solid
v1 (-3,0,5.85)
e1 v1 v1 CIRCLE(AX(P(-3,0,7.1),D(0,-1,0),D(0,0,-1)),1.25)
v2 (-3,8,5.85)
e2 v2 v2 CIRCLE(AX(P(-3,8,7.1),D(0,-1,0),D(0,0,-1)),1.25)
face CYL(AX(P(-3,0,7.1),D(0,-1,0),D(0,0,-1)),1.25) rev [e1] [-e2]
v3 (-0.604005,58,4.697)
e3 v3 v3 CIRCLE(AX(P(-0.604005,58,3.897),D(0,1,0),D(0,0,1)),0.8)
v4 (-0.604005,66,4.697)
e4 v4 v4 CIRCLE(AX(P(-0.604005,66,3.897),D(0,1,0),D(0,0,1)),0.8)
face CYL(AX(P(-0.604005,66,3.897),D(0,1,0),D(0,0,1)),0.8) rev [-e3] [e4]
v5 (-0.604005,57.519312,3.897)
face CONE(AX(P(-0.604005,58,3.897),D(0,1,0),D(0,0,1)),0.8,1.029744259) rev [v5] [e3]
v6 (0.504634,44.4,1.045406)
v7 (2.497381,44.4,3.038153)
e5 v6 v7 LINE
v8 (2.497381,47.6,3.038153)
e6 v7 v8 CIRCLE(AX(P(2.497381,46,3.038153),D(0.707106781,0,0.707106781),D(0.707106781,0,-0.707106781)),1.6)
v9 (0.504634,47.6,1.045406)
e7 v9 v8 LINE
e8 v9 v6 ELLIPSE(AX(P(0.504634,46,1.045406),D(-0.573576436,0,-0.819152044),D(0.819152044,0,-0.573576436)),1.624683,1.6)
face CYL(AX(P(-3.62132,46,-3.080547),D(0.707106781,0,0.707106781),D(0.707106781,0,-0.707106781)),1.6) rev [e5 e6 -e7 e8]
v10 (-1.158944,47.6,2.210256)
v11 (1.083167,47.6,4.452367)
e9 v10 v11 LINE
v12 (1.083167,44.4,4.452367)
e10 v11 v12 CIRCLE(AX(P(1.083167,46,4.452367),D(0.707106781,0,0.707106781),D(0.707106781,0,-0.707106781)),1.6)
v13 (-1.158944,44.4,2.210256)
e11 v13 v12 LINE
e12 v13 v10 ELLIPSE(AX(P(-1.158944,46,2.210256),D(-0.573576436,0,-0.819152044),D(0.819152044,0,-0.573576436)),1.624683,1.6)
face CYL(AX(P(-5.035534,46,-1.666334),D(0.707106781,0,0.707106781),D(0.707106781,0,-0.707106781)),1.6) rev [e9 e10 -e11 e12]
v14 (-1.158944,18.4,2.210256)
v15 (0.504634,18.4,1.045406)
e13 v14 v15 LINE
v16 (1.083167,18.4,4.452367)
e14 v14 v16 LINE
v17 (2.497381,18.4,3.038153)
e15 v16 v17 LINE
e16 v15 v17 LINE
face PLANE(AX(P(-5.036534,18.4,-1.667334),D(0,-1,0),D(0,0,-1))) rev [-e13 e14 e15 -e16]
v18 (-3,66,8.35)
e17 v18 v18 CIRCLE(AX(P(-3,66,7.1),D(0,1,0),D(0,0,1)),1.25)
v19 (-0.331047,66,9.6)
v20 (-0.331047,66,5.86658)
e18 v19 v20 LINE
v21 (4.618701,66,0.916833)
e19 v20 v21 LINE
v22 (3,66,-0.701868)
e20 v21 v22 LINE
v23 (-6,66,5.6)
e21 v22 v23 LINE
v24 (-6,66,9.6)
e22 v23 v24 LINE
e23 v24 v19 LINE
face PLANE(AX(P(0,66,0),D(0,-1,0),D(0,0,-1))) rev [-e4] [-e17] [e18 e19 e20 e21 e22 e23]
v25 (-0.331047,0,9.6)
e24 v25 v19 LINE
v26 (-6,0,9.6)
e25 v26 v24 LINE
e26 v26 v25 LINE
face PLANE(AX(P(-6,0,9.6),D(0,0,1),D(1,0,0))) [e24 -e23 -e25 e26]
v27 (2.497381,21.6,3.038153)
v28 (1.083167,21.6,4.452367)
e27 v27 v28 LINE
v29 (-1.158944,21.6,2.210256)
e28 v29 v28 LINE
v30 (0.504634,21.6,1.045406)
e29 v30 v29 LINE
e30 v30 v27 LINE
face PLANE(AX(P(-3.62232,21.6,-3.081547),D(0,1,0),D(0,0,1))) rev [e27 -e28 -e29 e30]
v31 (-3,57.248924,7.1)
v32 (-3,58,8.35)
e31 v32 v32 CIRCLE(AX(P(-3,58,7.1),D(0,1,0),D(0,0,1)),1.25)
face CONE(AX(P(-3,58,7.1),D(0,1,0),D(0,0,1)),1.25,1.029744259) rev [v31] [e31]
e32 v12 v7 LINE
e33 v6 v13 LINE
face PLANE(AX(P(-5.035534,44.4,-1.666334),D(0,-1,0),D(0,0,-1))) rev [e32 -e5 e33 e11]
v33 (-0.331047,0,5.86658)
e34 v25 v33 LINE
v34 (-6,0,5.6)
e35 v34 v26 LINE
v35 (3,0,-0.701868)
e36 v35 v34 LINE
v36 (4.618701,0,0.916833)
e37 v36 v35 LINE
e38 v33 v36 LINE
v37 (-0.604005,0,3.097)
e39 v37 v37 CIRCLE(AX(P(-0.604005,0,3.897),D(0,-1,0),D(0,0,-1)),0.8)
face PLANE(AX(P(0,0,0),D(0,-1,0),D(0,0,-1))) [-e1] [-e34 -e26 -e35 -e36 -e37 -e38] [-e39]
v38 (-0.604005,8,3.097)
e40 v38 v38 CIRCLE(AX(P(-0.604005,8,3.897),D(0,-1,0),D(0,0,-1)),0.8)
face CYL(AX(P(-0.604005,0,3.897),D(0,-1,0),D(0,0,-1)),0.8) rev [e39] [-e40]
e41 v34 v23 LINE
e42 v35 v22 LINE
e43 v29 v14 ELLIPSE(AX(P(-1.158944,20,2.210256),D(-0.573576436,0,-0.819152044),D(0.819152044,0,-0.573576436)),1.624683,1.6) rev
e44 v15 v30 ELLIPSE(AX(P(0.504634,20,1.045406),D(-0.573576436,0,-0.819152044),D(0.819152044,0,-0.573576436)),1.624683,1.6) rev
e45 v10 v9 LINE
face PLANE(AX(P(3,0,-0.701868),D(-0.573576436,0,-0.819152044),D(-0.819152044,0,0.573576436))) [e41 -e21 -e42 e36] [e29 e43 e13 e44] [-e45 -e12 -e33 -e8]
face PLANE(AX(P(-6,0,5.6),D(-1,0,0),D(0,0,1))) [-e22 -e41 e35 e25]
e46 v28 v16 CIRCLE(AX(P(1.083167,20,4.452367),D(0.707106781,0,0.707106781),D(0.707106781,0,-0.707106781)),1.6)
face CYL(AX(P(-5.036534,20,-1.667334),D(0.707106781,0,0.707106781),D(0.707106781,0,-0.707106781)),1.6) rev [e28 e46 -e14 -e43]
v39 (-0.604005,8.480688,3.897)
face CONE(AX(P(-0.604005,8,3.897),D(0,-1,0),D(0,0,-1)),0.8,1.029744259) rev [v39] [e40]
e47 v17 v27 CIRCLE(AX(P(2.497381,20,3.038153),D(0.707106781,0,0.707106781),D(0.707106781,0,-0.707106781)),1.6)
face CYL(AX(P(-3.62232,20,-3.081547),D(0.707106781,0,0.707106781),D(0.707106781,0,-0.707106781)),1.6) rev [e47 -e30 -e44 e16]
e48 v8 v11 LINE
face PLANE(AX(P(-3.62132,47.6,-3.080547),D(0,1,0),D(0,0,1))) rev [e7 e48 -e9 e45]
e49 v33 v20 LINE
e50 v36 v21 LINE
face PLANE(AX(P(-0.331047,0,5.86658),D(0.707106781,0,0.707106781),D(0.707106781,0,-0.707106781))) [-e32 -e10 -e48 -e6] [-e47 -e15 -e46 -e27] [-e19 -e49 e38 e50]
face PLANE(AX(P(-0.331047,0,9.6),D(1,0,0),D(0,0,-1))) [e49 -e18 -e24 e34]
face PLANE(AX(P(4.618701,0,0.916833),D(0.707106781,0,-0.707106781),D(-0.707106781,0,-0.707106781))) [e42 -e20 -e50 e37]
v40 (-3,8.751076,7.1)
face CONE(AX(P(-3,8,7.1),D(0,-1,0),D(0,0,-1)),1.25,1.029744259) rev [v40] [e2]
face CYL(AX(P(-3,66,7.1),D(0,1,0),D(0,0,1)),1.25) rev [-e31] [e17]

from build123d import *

# Parameters (mm, degrees)
BOSS_EXTRUDE1_DEPTH             = 66
CUT_EXTRUDE1_DEPTH              = 9.653149759
CUT_EXTRUDE2_REACH              = 10.653
F_2_5_2_5_DIAMETER_HOLE1_D      = 2.5
F_2_5_2_5_DIAMETER_HOLE1_DEPTH  = 8
F_2_5_2_5_DIAMETER_HOLE1_TIP    = 0.751075774
TAP_DRILL_FOR_M2X0_4_TAP1_D     = 1.6
TAP_DRILL_FOR_M2X0_4_TAP1_DEPTH = 8
TAP_DRILL_FOR_M2X0_4_TAP1_TIP   = 0.480688495
F_2_5_2_5_DIAMETER_HOLE2_D      = 2.5
F_2_5_2_5_DIAMETER_HOLE2_DEPTH  = 8
F_2_5_2_5_DIAMETER_HOLE2_TIP    = 0.751075774
TAP_DRILL_FOR_M2X0_4_TAP2_D     = 1.6
TAP_DRILL_FOR_M2X0_4_TAP2_DEPTH = 8
TAP_DRILL_FOR_M2X0_4_TAP2_TIP   = 0.480688495


with BuildPart() as part:
    # Sketch1 → Boss-Extrude1 (new body)
    with BuildSketch(Plane(origin=(0, 66, 0), x_dir=(1, 0, 0), z_dir=(0, 1, 0))):
        Polygon((2.999999997, 0.701867841), (-6, -5.599999997), (-6, -9.6), (-0.331046591, -9.6), (-0.331046591, -5.866580498), (4.618700872, -0.916833034), align=None)
    extrude(amount=-BOSS_EXTRUDE1_DEPTH)

    # Sketch2 → Cut-Extrude1 (cut, through all)
    with BuildSketch(Plane(origin=(2.767766953, 0, 2.767766953), x_dir=(0.707106781, 0, -0.707106781), z_dir=(0.707106781, 0, 0.707106781))):
        with BuildLine():
            Line((-0.382384145, 47.599999993), (-2.382384145, 47.599999993))
            ThreePointArc((-2.382384145, 47.599999993), (-3.982384137, 46.000000001), (-2.382384145, 44.400000009))
            Line((-2.382384145, 44.400000009), (-0.382384145, 44.400000009))
            ThreePointArc((-0.382384145, 44.400000009), (1.217615847, 46.000000001), (-0.382384145, 47.599999993))
        make_face()
    extrude(amount=-CUT_EXTRUDE1_DEPTH, mode=Mode.SUBTRACT)

    # Sketch3 → Cut-Extrude2 (cut, up to next)
    with BuildSketch(Plane(origin=(2.767766953, 0, 2.767766953), x_dir=(0.707106781, 0, -0.707106781), z_dir=(0.707106781, 0, 0.707106781)), mode=Mode.PRIVATE) as cut_extrude2_sk1:
        with BuildLine():
            Line((-0.382384145, 21.599999991), (-2.382384145, 21.599999991))
            ThreePointArc((-2.382384145, 21.599999991), (-3.982384137, 19.999999999), (-2.382384145, 18.400000007))
            Line((-2.382384145, 18.400000007), (-0.382384145, 18.400000007))
            ThreePointArc((-0.382384145, 18.400000007), (1.217615847, 19.999999999), (-0.382384145, 21.599999991))
        make_face()
    cut_extrude2_tool1 = extrude(cut_extrude2_sk1.sketch, amount=-CUT_EXTRUDE2_REACH, mode=Mode.PRIVATE) & part.part
    add(cut_extrude2_tool1.solids().sort_by_distance((1.790274, 20, 3.74526))[0], mode=Mode.SUBTRACT)

    # Ø2.5 (2.5) Diameter Hole1
    with Locations(Plane(origin=(0, 0, 0), x_dir=(-1, 0, 0), z_dir=(0, -1, 0))):
        with Locations((3, -7.1)):
            Hole(F_2_5_2_5_DIAMETER_HOLE1_D / 2, depth=F_2_5_2_5_DIAMETER_HOLE1_DEPTH)
            with Locations((0, 0, -(F_2_5_2_5_DIAMETER_HOLE1_DEPTH + F_2_5_2_5_DIAMETER_HOLE1_TIP / 2))):  # 118° drill point
                Cone(0, F_2_5_2_5_DIAMETER_HOLE1_D / 2, F_2_5_2_5_DIAMETER_HOLE1_TIP, mode=Mode.SUBTRACT)

    # Tap Drill for M2x0.4 Tap1
    with Locations(Plane(origin=(0, 0, 0), x_dir=(-1, 0, 0), z_dir=(0, -1, 0))):
        with Locations((0.604004818, -3.897000298)):
            Hole(TAP_DRILL_FOR_M2X0_4_TAP1_D / 2, depth=TAP_DRILL_FOR_M2X0_4_TAP1_DEPTH)
            with Locations((0, 0, -(TAP_DRILL_FOR_M2X0_4_TAP1_DEPTH + TAP_DRILL_FOR_M2X0_4_TAP1_TIP / 2))):  # 118° drill point
                Cone(0, TAP_DRILL_FOR_M2X0_4_TAP1_D / 2, TAP_DRILL_FOR_M2X0_4_TAP1_TIP, mode=Mode.SUBTRACT)

    # Ø2.5 (2.5) Diameter Hole2
    with Locations(Plane(origin=(0, 66, 0), x_dir=(1, 0, 0), z_dir=(0, 1, 0))):
        with Locations((-3, -7.1)):
            Hole(F_2_5_2_5_DIAMETER_HOLE2_D / 2, depth=F_2_5_2_5_DIAMETER_HOLE2_DEPTH)
            with Locations((0, 0, -(F_2_5_2_5_DIAMETER_HOLE2_DEPTH + F_2_5_2_5_DIAMETER_HOLE2_TIP / 2))):  # 118° drill point
                Cone(0, F_2_5_2_5_DIAMETER_HOLE2_D / 2, F_2_5_2_5_DIAMETER_HOLE2_TIP, mode=Mode.SUBTRACT)

    # Tap Drill for M2x0.4 Tap2
    with Locations(Plane(origin=(0, 66, 0), x_dir=(1, 0, 0), z_dir=(0, 1, 0))):
        with Locations((-0.604004818, -3.897000298)):
            Hole(TAP_DRILL_FOR_M2X0_4_TAP2_D / 2, depth=TAP_DRILL_FOR_M2X0_4_TAP2_DEPTH)
            with Locations((0, 0, -(TAP_DRILL_FOR_M2X0_4_TAP2_DEPTH + TAP_DRILL_FOR_M2X0_4_TAP2_TIP / 2))):  # 118° drill point
                Cone(0, TAP_DRILL_FOR_M2X0_4_TAP2_D / 2, TAP_DRILL_FOR_M2X0_4_TAP2_TIP, mode=Mode.SUBTRACT)


solid = part.part
